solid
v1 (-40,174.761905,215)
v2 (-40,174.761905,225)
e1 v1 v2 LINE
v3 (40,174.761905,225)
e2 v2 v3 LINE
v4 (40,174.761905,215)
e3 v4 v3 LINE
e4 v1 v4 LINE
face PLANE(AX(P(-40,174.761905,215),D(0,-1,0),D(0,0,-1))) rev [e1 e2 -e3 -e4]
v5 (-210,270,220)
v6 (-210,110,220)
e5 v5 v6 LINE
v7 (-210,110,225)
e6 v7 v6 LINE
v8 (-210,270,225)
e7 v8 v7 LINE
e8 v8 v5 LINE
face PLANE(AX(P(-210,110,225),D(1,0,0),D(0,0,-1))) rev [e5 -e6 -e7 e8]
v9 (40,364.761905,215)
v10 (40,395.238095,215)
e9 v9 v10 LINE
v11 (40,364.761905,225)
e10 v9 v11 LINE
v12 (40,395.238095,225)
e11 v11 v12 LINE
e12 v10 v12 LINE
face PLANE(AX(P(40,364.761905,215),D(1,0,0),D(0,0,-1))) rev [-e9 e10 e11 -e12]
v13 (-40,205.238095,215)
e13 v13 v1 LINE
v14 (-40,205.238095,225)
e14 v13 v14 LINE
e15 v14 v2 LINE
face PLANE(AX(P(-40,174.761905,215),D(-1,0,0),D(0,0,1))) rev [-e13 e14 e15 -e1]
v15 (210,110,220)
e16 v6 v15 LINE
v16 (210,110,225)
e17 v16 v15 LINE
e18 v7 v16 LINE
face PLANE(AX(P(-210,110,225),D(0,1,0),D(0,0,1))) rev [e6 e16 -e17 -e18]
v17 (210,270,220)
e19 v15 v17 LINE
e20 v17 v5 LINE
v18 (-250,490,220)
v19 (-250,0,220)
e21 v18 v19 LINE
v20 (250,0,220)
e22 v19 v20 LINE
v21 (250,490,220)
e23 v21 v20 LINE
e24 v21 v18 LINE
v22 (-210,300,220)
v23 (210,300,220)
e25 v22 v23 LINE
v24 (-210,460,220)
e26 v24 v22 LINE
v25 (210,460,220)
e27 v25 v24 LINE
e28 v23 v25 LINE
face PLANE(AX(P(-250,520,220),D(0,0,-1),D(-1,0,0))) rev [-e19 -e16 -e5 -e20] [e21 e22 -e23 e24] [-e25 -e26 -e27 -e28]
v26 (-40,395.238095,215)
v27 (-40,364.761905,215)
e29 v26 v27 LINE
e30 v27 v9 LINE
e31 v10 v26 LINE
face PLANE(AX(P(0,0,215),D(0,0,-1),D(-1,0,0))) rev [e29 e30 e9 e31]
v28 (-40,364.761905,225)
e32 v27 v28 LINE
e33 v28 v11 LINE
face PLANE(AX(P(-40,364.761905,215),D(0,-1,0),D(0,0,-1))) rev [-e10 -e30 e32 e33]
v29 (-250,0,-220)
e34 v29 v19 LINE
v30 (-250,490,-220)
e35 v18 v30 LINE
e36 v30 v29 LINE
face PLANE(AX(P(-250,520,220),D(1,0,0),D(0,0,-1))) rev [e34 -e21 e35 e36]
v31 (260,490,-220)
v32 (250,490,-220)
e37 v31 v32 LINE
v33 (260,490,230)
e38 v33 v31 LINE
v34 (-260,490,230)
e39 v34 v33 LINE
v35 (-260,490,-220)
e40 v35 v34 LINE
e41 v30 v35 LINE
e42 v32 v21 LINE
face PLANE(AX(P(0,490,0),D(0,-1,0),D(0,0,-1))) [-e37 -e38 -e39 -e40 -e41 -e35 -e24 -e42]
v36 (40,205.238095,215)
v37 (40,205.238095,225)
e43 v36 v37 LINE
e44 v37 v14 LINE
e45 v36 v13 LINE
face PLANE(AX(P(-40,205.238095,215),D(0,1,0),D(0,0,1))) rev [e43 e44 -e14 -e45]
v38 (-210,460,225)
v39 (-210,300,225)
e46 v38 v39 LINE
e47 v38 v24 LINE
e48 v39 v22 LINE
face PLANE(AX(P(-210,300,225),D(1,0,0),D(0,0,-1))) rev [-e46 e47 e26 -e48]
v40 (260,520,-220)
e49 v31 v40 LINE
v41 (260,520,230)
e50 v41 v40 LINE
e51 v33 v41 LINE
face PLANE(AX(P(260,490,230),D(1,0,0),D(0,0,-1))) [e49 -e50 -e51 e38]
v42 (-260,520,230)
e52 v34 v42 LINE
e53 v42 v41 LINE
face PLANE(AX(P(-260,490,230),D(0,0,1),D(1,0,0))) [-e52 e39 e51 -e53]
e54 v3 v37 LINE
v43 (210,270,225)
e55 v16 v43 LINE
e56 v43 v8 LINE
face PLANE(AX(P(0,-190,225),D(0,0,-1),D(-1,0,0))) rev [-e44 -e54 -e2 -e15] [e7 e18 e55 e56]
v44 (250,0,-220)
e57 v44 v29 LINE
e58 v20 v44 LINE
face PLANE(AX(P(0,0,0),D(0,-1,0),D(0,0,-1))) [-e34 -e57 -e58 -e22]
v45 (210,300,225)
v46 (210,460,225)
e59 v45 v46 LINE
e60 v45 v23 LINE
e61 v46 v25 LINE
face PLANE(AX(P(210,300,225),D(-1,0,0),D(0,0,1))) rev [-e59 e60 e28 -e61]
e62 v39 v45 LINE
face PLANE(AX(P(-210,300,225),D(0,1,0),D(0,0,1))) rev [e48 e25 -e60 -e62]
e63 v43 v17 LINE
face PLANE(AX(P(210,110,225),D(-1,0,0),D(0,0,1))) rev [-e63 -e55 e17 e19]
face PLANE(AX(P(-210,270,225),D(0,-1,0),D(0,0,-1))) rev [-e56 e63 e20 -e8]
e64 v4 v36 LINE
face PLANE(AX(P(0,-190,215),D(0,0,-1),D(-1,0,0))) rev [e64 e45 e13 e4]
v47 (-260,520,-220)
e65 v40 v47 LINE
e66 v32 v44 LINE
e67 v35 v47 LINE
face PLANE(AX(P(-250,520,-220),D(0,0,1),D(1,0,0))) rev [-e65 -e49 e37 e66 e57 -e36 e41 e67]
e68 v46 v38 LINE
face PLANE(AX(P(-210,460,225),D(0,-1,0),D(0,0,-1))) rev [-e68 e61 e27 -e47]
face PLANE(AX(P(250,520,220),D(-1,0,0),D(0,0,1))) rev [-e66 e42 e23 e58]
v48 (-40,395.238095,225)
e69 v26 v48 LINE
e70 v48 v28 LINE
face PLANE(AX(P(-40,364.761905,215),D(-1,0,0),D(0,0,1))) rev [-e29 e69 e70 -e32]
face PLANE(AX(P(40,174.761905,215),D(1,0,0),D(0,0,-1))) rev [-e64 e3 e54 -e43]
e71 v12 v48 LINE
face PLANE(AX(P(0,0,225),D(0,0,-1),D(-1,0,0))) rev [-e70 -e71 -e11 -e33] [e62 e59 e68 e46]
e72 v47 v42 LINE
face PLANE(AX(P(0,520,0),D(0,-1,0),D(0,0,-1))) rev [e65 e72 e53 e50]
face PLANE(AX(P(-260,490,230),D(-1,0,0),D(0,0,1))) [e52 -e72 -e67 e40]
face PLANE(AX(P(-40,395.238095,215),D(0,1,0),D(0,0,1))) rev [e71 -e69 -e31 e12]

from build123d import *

# Parameters (mm, degrees)
SKETCH_1_W             = 500
SKETCH_1_H             = 440
EXTRUDE_1_DEPTH        = 520
SKETCH_2_W             = 520
SKETCH_2_H             = 450
EXTRUDE_2_DEPTH        = 30
SKETCH_3_W             = 420
SKETCH_3_H             = 160
EXTRUDE_3_DEPTH        = 5
SKETCH_4_W             = 80
SKETCH_4_H             = 30.476190476
CUT_EXTRUDE_2_DEPTH    = 10
PATTERN_LINEAR_1_COUNT = 2
PATTERN_LINEAR_1_PITCH = 190


with BuildPart() as part:
    # 草图1 → 凸台-拉伸1 (new body)
    with BuildSketch(Plane(origin=(0, 0, 0), x_dir=(1, 0, 0), z_dir=(0, 1, 0))):
        Rectangle(SKETCH_1_W, SKETCH_1_H)
    extrude(amount=EXTRUDE_1_DEPTH)

    # 草图2 → 凸台-拉伸2 (add)
    with BuildSketch(Plane(origin=(0, 520, 0), x_dir=(1, 0, 0), z_dir=(0, 1, 0))):
        with Locations((0, -5)):
            Rectangle(SKETCH_2_W, SKETCH_2_H)
    extrude(amount=-EXTRUDE_2_DEPTH)

    # 草图3 → 凸台-拉伸3 (add)
    with BuildSketch(Plane.XY.offset(220)):
        with Locations((0, 380)):
            Rectangle(SKETCH_3_W, SKETCH_3_H)
    extrude_3 = extrude(amount=EXTRUDE_3_DEPTH)

    # 草图4 → 切除-拉伸2 (cut)
    with BuildSketch(Plane.XY.offset(225)):
        with Locations((0, 380)):
            Rectangle(SKETCH_4_W, SKETCH_4_H)
    cut_extrude_2 = extrude(amount=-CUT_EXTRUDE_2_DEPTH, mode=Mode.SUBTRACT)

    # 阵列(线性)1: 凸台-拉伸3, 切除-拉伸2 ×2
    with Locations(*[(0, -i * PATTERN_LINEAR_1_PITCH, 0) for i in range(1, PATTERN_LINEAR_1_COUNT)]):
        add(extrude_3)
        add(cut_extrude_2, mode=Mode.SUBTRACT)


solid = part.part
